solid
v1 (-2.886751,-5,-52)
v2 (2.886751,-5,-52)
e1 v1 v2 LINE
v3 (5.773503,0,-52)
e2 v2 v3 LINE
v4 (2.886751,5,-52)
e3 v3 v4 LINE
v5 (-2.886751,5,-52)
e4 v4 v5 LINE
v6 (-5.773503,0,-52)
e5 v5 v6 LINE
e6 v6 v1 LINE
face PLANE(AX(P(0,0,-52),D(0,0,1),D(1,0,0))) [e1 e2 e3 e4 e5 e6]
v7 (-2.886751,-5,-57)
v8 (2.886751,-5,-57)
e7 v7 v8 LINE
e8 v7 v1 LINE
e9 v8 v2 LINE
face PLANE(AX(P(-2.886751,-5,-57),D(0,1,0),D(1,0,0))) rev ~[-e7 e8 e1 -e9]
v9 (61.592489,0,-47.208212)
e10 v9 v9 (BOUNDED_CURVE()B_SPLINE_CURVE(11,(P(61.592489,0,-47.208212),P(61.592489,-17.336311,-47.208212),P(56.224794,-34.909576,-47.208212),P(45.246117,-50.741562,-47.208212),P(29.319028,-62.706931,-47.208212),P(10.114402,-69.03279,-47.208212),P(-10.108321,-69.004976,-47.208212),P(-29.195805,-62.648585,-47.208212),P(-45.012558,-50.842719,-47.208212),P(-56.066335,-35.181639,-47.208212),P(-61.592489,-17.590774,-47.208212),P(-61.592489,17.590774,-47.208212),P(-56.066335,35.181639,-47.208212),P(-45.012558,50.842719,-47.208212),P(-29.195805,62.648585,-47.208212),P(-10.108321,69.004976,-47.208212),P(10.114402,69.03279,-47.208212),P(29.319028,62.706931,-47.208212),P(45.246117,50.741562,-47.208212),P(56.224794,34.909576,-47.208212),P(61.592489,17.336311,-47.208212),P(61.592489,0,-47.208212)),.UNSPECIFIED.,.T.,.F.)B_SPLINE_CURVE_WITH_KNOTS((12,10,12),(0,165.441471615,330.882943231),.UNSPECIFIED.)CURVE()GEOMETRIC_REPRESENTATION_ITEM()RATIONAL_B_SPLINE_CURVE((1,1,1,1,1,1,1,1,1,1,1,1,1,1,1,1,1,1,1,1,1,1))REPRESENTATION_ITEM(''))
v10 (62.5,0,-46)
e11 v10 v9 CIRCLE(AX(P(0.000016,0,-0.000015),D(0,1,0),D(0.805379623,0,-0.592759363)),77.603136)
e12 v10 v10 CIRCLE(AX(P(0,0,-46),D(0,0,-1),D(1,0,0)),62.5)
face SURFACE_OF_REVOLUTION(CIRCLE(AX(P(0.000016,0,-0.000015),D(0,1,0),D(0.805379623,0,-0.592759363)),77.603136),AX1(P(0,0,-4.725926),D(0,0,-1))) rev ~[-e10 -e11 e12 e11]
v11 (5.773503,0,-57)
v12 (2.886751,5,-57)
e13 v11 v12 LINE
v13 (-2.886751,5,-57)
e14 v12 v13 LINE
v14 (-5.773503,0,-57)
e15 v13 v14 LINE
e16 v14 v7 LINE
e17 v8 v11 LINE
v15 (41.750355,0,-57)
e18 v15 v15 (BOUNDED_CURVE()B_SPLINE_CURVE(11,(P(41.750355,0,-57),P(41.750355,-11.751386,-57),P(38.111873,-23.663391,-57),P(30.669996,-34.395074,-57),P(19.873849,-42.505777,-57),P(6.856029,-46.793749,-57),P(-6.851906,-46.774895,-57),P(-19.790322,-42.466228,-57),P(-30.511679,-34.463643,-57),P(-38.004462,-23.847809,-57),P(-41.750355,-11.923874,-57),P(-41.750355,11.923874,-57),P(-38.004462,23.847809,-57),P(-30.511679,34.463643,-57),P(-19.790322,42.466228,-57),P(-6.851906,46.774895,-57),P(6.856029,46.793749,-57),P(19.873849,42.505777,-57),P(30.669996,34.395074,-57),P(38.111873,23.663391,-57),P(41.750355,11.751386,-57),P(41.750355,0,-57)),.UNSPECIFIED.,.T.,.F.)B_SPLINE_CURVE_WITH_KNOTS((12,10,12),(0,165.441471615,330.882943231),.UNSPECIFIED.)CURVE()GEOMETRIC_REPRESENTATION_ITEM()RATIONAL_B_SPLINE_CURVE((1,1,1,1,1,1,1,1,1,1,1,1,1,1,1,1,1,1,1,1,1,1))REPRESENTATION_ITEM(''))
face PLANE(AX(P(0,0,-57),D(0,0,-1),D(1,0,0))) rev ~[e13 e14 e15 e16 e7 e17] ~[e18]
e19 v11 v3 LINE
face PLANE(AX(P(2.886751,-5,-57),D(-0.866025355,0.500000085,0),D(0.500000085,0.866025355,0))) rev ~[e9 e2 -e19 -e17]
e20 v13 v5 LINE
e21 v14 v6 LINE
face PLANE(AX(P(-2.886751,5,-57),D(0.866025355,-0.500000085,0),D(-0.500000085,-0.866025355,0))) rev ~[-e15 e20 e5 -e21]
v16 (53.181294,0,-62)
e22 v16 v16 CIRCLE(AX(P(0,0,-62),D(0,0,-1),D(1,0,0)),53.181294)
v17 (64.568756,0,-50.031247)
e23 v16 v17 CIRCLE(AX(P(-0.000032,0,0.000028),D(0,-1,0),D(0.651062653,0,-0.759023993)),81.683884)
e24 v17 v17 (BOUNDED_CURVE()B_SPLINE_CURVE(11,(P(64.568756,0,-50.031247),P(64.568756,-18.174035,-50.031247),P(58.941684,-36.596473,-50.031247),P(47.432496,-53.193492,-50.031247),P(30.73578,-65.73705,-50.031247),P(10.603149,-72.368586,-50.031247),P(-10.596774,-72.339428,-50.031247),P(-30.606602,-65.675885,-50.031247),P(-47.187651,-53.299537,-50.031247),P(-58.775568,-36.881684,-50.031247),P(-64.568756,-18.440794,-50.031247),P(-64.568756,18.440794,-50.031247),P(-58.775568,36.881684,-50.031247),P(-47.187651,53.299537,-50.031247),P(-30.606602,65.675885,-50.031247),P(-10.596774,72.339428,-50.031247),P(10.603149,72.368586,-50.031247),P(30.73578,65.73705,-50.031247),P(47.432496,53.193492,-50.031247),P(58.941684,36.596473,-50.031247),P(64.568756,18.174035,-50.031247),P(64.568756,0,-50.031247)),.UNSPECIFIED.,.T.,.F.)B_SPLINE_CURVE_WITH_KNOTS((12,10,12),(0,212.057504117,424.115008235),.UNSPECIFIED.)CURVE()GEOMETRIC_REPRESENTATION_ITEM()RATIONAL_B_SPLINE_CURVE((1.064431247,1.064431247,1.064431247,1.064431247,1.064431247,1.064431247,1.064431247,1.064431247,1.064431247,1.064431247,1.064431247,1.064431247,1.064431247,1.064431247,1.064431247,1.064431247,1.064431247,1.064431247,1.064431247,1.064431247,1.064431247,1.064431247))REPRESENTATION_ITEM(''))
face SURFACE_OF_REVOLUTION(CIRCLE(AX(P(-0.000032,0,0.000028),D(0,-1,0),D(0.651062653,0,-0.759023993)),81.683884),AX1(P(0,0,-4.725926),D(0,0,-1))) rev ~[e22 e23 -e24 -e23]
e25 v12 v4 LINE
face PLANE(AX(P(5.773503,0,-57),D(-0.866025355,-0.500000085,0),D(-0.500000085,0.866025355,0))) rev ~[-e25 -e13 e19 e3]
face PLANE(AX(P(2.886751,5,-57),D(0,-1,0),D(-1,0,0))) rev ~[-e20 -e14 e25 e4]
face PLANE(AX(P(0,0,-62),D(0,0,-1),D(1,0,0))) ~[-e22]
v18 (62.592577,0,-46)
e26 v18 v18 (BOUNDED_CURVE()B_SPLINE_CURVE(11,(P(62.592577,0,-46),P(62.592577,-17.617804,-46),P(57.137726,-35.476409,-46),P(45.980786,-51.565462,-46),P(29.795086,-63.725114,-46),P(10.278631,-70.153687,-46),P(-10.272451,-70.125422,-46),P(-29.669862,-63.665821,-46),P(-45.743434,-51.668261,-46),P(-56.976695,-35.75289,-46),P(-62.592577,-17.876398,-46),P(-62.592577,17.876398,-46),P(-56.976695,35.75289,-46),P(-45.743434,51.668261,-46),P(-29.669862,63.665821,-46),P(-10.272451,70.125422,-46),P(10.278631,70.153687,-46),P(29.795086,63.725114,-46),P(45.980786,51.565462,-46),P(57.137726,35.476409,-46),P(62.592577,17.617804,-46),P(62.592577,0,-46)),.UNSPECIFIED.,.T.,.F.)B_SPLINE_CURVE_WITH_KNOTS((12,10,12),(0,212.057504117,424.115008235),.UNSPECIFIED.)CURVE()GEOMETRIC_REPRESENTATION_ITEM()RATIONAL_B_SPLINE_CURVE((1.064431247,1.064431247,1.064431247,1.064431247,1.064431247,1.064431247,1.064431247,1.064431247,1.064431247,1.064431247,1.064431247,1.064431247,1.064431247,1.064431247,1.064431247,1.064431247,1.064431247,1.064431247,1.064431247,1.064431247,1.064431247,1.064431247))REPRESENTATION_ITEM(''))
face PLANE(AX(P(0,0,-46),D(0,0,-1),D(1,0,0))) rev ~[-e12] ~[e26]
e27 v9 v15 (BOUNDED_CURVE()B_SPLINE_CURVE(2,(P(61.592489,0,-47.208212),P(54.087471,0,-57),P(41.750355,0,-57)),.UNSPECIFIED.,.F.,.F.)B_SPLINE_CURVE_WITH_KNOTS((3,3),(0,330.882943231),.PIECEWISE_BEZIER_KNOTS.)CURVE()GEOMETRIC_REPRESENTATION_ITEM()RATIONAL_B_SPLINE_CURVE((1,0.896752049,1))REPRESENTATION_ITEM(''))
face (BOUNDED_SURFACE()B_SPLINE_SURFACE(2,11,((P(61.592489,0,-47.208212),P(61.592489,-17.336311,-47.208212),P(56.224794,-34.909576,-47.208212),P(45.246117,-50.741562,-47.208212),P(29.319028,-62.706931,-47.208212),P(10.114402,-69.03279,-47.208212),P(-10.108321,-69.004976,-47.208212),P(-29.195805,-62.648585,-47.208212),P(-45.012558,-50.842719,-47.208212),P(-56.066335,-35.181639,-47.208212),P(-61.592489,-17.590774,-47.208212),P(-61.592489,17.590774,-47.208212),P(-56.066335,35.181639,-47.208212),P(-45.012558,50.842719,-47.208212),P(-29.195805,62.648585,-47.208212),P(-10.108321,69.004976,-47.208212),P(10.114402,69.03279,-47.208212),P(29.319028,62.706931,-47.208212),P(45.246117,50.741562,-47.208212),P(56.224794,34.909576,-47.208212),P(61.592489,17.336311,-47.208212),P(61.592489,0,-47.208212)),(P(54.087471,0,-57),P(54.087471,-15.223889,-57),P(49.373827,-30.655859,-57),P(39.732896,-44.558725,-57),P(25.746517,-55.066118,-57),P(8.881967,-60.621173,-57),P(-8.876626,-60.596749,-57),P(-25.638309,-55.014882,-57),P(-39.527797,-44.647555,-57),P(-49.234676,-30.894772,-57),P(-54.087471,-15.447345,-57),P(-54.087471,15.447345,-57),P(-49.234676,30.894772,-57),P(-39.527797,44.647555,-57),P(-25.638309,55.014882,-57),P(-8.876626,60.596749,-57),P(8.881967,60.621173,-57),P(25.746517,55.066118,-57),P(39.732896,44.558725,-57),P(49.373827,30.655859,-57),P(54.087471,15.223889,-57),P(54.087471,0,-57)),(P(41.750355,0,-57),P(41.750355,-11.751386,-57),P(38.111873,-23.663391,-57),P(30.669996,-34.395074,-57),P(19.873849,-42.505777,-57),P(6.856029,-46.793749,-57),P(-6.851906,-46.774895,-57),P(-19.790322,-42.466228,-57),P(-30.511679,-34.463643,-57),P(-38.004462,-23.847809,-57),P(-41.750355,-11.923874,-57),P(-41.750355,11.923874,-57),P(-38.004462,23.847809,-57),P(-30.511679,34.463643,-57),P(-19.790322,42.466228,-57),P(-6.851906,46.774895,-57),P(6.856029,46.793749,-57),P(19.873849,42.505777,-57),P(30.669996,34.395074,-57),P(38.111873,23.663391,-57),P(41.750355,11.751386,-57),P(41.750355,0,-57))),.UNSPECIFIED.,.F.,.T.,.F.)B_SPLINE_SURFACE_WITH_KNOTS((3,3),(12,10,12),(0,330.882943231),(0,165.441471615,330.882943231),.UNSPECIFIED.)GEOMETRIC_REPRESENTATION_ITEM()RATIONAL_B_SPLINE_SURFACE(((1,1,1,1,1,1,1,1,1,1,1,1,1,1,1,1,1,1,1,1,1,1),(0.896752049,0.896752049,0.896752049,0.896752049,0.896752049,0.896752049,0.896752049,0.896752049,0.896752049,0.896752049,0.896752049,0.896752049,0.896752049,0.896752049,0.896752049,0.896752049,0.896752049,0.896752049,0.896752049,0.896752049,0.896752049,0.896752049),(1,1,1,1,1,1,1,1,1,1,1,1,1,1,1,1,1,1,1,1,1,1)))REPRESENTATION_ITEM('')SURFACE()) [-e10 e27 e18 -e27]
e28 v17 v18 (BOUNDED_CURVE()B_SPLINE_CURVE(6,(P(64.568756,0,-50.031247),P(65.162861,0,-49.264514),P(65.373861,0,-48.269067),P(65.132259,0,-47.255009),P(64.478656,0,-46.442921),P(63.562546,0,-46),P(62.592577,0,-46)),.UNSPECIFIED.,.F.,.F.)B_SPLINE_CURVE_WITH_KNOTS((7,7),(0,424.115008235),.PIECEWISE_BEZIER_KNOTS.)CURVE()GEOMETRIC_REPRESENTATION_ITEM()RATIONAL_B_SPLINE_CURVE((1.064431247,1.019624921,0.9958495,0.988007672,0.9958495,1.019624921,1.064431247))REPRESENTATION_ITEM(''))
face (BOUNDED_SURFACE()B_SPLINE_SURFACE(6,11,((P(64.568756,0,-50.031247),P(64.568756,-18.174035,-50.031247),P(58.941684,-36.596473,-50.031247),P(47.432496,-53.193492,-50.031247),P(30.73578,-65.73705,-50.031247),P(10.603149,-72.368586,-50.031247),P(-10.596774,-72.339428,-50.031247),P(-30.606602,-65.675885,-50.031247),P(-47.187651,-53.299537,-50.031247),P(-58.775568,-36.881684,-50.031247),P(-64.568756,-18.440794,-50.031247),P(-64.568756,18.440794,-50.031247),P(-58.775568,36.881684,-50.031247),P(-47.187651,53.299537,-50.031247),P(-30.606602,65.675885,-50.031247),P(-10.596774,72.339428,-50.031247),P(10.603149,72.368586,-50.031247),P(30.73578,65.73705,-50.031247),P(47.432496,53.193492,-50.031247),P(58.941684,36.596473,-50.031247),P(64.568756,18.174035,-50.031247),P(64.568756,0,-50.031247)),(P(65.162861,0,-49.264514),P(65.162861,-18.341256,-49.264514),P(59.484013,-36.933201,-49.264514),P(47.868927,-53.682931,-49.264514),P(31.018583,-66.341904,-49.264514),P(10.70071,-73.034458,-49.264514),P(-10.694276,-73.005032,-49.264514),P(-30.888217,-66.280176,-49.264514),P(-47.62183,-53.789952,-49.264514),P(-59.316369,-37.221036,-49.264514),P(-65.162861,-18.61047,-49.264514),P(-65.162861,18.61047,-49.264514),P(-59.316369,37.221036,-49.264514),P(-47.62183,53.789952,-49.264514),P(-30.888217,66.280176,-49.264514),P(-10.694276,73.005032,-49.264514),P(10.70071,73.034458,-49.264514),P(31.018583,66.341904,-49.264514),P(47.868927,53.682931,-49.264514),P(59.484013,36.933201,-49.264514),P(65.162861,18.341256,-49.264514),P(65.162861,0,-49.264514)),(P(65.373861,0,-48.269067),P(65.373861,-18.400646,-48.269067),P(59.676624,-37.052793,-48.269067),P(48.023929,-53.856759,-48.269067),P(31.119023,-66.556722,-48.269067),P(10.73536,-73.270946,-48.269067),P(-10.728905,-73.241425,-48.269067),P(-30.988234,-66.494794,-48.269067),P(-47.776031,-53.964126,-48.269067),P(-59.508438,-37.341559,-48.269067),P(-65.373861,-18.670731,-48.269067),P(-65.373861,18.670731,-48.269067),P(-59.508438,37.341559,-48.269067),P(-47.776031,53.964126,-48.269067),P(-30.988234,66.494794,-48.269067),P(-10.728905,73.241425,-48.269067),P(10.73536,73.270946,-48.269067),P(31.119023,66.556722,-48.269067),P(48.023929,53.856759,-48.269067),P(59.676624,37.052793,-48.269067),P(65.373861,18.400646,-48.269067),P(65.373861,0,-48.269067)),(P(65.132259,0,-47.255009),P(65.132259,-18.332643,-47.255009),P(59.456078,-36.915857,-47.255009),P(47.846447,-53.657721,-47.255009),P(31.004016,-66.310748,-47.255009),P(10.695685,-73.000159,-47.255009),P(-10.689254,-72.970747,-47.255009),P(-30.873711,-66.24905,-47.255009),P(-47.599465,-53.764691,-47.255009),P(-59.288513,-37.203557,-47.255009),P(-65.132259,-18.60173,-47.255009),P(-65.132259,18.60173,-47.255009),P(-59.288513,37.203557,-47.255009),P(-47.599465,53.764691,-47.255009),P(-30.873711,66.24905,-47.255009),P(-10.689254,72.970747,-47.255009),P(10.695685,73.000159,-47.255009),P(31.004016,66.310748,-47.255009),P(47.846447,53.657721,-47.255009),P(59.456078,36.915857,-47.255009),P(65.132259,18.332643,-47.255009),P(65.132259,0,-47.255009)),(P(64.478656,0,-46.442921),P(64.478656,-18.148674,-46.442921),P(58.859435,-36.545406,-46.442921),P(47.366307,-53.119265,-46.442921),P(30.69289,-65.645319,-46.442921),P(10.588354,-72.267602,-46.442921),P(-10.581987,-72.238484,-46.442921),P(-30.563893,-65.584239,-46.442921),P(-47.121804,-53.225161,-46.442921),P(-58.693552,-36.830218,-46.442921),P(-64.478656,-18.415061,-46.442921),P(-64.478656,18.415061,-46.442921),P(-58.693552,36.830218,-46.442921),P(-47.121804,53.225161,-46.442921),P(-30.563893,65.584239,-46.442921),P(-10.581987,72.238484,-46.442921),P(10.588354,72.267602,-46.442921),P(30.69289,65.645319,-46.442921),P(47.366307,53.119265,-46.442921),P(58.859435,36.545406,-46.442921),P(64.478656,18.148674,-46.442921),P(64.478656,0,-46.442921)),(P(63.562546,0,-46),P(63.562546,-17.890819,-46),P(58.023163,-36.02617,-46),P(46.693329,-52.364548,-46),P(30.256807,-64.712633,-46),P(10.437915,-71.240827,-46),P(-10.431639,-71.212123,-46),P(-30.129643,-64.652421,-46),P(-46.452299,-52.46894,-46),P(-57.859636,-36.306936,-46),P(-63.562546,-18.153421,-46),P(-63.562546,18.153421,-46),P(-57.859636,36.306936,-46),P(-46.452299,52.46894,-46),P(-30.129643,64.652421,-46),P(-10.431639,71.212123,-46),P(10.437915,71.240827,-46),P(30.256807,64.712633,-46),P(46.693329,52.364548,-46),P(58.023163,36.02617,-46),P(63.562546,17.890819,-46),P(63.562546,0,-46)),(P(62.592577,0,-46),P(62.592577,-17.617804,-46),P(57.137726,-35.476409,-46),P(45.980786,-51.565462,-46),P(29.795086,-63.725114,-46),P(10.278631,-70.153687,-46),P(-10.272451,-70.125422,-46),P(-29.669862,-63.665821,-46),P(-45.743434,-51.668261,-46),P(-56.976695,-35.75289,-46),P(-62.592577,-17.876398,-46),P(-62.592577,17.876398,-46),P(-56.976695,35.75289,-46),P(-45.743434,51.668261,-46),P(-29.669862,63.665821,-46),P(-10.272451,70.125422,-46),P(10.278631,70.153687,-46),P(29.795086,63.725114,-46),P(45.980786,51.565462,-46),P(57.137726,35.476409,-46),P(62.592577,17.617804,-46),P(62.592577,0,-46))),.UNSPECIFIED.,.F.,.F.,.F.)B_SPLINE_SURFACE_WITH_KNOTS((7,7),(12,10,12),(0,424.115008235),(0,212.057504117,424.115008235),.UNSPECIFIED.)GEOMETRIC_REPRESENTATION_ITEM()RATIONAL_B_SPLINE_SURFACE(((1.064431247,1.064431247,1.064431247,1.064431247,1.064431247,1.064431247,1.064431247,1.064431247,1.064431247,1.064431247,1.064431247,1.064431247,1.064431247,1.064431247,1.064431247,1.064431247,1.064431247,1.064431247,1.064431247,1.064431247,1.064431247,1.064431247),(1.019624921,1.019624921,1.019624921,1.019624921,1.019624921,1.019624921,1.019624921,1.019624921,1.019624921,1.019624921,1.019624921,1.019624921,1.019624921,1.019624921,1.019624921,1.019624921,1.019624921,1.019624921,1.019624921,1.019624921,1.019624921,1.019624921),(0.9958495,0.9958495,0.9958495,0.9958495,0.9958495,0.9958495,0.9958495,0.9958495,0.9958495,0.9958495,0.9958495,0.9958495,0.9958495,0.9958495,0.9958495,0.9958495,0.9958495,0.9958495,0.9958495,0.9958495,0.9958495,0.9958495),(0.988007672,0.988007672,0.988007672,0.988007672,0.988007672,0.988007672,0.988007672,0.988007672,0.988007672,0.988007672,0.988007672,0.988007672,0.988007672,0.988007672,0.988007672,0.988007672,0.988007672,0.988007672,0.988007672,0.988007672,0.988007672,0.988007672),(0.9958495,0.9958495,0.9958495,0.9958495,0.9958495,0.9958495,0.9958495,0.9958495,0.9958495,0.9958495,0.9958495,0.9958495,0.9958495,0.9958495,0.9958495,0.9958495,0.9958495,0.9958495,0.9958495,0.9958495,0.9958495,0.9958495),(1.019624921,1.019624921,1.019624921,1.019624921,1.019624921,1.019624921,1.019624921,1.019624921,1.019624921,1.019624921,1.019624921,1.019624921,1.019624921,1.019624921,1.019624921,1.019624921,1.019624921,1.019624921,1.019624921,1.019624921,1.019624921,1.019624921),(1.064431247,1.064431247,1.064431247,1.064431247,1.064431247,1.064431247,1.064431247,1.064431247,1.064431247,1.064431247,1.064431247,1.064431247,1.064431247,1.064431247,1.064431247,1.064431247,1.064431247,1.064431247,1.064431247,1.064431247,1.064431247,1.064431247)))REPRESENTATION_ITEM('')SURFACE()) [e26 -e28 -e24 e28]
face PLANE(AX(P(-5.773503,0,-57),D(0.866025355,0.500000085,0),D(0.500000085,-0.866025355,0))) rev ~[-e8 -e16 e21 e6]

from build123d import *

# Parameters (mm, degrees)
F4_DEPTH = 5
F5_R     = 2.5
F6_R     = 25


with BuildPart() as f2:
    # F0 (on Front) → F2 (revolve)
    with BuildSketch(Plane.XZ):
        with BuildLine():
            Line((0, -62), (53.181294, -62))
            ThreePointArc((53.181294, -62), (60.868659, -54.472528), (67.5, -46))
            Line((67.5, -46), (62.5, -46))
            ThreePointArc((62.5, -46), (57.842906, -51.734401), (52.661656, -57))
            Line((52.661656, -57), (0, -57))
            Line((0, -57), (0, -62))
        make_face()
    revolve(axis=Axis((0, 0, -4.725926), (0, 0, -1)))

    # F3 (on face) → F4 (join)
    with BuildSketch(Plane.XY.offset(-57)):
        Polygon((-2.886751, -5), (2.886751, -5), (5.773503, 0), (2.886751, 5), (-2.886751, 5), (-5.773503, 0), align=None)
    extrude(amount=F4_DEPTH)

    # F5
    f5_edges = [f2.edges().sort_by_distance(p)[0] for p in [
        (-67.5, 0, -46),
    ]]
    fillet(f5_edges, radius=F5_R)

    # F6
    f6_edges = [f2.edges().sort_by_distance(p)[0] for p in [
        (-52.661656, 0, -57),
    ]]
    fillet(f6_edges, radius=F6_R)


solid = f2.part
